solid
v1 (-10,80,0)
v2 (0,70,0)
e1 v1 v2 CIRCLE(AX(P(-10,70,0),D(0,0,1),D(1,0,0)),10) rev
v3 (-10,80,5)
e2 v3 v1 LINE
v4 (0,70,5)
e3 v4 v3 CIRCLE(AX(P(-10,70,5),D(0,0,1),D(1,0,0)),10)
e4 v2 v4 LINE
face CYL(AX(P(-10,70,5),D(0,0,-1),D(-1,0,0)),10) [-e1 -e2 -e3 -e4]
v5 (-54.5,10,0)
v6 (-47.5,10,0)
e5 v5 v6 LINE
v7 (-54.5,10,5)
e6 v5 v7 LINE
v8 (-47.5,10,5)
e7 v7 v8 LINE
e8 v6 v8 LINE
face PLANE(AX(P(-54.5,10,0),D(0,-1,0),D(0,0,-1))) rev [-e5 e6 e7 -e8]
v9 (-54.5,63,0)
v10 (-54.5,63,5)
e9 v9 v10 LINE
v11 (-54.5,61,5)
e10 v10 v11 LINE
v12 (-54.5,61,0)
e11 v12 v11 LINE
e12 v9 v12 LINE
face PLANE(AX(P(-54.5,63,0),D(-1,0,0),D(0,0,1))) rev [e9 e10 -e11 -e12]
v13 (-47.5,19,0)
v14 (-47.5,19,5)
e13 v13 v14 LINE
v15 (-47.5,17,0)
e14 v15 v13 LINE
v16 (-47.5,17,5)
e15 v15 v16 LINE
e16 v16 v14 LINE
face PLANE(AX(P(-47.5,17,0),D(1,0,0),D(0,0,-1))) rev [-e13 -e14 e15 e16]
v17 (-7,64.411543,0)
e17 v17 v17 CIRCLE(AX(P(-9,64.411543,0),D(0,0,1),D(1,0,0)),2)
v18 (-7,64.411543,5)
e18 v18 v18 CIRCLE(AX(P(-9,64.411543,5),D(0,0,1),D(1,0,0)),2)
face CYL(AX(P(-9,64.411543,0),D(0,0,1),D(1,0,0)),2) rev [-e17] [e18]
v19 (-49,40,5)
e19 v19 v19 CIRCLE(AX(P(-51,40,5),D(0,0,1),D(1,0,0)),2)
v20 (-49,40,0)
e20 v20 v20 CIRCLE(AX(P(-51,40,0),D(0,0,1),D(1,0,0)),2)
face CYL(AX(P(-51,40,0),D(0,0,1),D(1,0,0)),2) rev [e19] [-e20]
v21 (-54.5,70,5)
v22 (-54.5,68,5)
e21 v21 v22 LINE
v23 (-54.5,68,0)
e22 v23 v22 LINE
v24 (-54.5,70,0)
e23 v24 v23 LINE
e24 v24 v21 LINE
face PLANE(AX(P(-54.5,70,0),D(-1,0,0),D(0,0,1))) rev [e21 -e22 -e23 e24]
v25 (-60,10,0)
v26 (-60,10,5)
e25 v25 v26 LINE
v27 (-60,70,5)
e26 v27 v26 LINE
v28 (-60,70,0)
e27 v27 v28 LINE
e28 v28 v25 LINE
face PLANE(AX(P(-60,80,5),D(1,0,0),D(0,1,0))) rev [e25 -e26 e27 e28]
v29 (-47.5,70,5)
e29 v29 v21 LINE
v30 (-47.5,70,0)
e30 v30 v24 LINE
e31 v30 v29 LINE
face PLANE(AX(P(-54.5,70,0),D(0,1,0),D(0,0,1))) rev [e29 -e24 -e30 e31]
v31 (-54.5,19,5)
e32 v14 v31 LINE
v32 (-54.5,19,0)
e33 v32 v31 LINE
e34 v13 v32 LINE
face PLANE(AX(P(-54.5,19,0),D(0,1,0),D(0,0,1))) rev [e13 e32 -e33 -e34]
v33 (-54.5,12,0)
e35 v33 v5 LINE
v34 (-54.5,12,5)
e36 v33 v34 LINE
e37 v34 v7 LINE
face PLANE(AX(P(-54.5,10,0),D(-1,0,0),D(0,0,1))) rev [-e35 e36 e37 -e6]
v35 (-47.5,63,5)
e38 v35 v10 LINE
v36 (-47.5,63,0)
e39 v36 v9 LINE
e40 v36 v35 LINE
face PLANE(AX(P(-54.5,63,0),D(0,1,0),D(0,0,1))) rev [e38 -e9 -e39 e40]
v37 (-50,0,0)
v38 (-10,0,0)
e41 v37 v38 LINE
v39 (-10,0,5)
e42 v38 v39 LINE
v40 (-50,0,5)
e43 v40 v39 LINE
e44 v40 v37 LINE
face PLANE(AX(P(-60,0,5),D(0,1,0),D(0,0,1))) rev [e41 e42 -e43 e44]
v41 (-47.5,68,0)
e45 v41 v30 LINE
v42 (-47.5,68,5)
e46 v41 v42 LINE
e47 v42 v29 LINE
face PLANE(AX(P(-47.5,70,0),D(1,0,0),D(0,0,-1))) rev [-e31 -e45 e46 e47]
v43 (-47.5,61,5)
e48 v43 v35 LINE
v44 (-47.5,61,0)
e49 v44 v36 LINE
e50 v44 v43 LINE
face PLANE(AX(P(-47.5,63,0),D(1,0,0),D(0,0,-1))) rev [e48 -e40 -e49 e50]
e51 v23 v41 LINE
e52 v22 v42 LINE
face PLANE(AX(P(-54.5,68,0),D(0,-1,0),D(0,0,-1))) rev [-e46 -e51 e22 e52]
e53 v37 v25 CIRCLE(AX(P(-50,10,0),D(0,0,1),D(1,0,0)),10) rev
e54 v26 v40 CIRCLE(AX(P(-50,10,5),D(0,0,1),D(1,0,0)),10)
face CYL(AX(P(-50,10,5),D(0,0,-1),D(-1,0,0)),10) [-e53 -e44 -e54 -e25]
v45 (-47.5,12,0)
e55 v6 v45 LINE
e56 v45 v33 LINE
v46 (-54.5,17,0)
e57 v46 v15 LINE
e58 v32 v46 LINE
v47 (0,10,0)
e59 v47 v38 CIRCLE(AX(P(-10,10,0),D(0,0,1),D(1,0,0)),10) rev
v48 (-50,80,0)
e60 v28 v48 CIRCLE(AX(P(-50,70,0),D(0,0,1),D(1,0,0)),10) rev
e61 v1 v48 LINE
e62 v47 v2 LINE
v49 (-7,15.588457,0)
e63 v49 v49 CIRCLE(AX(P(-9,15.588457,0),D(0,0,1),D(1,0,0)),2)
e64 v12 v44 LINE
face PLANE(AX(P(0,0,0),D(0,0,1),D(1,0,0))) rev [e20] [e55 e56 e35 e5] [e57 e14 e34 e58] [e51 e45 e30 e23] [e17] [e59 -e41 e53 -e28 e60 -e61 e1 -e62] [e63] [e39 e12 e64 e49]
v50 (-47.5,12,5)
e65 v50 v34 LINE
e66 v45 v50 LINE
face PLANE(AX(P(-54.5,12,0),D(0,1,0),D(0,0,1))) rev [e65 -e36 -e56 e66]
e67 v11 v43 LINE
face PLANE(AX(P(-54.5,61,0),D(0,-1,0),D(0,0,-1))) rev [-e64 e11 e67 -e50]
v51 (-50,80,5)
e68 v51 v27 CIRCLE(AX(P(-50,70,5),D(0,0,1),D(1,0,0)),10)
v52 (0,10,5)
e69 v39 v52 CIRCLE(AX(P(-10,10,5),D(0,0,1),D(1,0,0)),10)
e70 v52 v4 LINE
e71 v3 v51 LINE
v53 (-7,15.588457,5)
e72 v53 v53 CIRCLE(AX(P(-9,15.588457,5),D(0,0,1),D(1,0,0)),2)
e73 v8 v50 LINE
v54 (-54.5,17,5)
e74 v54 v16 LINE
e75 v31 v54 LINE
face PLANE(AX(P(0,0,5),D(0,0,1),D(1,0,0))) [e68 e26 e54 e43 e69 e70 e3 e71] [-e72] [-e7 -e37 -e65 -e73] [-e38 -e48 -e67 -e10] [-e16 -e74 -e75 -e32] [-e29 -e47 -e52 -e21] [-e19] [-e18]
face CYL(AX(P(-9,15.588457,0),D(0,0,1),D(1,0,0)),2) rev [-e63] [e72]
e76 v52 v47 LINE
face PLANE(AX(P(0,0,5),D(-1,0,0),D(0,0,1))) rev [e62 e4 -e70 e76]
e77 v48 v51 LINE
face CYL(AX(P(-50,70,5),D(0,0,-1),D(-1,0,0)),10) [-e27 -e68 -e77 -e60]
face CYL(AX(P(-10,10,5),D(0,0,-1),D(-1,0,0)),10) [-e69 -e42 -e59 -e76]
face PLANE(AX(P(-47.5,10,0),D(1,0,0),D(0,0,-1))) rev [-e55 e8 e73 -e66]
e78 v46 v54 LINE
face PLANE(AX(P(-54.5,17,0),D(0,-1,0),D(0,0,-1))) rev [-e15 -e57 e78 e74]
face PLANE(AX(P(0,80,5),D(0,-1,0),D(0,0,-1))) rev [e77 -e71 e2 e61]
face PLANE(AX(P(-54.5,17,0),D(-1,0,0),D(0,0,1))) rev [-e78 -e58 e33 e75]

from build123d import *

# Parameters (mm, degrees)
SKETCH1_W           = 60
SKETCH1_H           = 80
BOSS_EXTRUDE1_DEPTH = 5
SKETCH2_R           = 2
CUT_EXTRUDE1_DEPTH  = 5
SKETCH3_W           = 7
SKETCH3_H           = 2
CUT_EXTRUDE2_DEPTH  = 5
FILLET2_R           = 10


with BuildPart() as part:
    # Sketch1 → Boss-Extrude1 (new body)
    with BuildSketch(Plane.XY):
        with Locations((-30, 40)):
            Rectangle(SKETCH1_W, SKETCH1_H)
    extrude(amount=BOSS_EXTRUDE1_DEPTH)

    # Sketch2 → Cut-Extrude1 (cut)
    with BuildSketch(Plane.XY.offset(5)):
        with Locations((-51, 40)):
            Circle(SKETCH2_R)
        with Locations((-9, 64.411542732)):
            Circle(SKETCH2_R)
        with Locations((-9, 15.588457268)):
            Circle(SKETCH2_R)
    extrude(amount=-CUT_EXTRUDE1_DEPTH, mode=Mode.SUBTRACT)

    # Sketch3 → Cut-Extrude2 (cut)
    with BuildSketch(Plane.XY.offset(5)):
        with Locations((-51, 69)):
            Rectangle(SKETCH3_W, SKETCH3_H)
        with Locations((-51, 62)):
            Rectangle(SKETCH3_W, SKETCH3_H)
        with Locations((-51, 18)):
            Rectangle(SKETCH3_W, SKETCH3_H)
        with Locations((-51, 11)):
            Rectangle(SKETCH3_W, SKETCH3_H)
    extrude(amount=-CUT_EXTRUDE2_DEPTH, mode=Mode.SUBTRACT)

    # Fillet2
    fillet2_edges = [part.edges().sort_by_distance(p)[0] for p in [
        (-60, 0, 2.5),
        (-60, 80, 2.5),
        (0, 80, 2.5),
        (0, 0, 2.5),
    ]]
    fillet(fillet2_edges, radius=FILLET2_R)


solid = part.part
